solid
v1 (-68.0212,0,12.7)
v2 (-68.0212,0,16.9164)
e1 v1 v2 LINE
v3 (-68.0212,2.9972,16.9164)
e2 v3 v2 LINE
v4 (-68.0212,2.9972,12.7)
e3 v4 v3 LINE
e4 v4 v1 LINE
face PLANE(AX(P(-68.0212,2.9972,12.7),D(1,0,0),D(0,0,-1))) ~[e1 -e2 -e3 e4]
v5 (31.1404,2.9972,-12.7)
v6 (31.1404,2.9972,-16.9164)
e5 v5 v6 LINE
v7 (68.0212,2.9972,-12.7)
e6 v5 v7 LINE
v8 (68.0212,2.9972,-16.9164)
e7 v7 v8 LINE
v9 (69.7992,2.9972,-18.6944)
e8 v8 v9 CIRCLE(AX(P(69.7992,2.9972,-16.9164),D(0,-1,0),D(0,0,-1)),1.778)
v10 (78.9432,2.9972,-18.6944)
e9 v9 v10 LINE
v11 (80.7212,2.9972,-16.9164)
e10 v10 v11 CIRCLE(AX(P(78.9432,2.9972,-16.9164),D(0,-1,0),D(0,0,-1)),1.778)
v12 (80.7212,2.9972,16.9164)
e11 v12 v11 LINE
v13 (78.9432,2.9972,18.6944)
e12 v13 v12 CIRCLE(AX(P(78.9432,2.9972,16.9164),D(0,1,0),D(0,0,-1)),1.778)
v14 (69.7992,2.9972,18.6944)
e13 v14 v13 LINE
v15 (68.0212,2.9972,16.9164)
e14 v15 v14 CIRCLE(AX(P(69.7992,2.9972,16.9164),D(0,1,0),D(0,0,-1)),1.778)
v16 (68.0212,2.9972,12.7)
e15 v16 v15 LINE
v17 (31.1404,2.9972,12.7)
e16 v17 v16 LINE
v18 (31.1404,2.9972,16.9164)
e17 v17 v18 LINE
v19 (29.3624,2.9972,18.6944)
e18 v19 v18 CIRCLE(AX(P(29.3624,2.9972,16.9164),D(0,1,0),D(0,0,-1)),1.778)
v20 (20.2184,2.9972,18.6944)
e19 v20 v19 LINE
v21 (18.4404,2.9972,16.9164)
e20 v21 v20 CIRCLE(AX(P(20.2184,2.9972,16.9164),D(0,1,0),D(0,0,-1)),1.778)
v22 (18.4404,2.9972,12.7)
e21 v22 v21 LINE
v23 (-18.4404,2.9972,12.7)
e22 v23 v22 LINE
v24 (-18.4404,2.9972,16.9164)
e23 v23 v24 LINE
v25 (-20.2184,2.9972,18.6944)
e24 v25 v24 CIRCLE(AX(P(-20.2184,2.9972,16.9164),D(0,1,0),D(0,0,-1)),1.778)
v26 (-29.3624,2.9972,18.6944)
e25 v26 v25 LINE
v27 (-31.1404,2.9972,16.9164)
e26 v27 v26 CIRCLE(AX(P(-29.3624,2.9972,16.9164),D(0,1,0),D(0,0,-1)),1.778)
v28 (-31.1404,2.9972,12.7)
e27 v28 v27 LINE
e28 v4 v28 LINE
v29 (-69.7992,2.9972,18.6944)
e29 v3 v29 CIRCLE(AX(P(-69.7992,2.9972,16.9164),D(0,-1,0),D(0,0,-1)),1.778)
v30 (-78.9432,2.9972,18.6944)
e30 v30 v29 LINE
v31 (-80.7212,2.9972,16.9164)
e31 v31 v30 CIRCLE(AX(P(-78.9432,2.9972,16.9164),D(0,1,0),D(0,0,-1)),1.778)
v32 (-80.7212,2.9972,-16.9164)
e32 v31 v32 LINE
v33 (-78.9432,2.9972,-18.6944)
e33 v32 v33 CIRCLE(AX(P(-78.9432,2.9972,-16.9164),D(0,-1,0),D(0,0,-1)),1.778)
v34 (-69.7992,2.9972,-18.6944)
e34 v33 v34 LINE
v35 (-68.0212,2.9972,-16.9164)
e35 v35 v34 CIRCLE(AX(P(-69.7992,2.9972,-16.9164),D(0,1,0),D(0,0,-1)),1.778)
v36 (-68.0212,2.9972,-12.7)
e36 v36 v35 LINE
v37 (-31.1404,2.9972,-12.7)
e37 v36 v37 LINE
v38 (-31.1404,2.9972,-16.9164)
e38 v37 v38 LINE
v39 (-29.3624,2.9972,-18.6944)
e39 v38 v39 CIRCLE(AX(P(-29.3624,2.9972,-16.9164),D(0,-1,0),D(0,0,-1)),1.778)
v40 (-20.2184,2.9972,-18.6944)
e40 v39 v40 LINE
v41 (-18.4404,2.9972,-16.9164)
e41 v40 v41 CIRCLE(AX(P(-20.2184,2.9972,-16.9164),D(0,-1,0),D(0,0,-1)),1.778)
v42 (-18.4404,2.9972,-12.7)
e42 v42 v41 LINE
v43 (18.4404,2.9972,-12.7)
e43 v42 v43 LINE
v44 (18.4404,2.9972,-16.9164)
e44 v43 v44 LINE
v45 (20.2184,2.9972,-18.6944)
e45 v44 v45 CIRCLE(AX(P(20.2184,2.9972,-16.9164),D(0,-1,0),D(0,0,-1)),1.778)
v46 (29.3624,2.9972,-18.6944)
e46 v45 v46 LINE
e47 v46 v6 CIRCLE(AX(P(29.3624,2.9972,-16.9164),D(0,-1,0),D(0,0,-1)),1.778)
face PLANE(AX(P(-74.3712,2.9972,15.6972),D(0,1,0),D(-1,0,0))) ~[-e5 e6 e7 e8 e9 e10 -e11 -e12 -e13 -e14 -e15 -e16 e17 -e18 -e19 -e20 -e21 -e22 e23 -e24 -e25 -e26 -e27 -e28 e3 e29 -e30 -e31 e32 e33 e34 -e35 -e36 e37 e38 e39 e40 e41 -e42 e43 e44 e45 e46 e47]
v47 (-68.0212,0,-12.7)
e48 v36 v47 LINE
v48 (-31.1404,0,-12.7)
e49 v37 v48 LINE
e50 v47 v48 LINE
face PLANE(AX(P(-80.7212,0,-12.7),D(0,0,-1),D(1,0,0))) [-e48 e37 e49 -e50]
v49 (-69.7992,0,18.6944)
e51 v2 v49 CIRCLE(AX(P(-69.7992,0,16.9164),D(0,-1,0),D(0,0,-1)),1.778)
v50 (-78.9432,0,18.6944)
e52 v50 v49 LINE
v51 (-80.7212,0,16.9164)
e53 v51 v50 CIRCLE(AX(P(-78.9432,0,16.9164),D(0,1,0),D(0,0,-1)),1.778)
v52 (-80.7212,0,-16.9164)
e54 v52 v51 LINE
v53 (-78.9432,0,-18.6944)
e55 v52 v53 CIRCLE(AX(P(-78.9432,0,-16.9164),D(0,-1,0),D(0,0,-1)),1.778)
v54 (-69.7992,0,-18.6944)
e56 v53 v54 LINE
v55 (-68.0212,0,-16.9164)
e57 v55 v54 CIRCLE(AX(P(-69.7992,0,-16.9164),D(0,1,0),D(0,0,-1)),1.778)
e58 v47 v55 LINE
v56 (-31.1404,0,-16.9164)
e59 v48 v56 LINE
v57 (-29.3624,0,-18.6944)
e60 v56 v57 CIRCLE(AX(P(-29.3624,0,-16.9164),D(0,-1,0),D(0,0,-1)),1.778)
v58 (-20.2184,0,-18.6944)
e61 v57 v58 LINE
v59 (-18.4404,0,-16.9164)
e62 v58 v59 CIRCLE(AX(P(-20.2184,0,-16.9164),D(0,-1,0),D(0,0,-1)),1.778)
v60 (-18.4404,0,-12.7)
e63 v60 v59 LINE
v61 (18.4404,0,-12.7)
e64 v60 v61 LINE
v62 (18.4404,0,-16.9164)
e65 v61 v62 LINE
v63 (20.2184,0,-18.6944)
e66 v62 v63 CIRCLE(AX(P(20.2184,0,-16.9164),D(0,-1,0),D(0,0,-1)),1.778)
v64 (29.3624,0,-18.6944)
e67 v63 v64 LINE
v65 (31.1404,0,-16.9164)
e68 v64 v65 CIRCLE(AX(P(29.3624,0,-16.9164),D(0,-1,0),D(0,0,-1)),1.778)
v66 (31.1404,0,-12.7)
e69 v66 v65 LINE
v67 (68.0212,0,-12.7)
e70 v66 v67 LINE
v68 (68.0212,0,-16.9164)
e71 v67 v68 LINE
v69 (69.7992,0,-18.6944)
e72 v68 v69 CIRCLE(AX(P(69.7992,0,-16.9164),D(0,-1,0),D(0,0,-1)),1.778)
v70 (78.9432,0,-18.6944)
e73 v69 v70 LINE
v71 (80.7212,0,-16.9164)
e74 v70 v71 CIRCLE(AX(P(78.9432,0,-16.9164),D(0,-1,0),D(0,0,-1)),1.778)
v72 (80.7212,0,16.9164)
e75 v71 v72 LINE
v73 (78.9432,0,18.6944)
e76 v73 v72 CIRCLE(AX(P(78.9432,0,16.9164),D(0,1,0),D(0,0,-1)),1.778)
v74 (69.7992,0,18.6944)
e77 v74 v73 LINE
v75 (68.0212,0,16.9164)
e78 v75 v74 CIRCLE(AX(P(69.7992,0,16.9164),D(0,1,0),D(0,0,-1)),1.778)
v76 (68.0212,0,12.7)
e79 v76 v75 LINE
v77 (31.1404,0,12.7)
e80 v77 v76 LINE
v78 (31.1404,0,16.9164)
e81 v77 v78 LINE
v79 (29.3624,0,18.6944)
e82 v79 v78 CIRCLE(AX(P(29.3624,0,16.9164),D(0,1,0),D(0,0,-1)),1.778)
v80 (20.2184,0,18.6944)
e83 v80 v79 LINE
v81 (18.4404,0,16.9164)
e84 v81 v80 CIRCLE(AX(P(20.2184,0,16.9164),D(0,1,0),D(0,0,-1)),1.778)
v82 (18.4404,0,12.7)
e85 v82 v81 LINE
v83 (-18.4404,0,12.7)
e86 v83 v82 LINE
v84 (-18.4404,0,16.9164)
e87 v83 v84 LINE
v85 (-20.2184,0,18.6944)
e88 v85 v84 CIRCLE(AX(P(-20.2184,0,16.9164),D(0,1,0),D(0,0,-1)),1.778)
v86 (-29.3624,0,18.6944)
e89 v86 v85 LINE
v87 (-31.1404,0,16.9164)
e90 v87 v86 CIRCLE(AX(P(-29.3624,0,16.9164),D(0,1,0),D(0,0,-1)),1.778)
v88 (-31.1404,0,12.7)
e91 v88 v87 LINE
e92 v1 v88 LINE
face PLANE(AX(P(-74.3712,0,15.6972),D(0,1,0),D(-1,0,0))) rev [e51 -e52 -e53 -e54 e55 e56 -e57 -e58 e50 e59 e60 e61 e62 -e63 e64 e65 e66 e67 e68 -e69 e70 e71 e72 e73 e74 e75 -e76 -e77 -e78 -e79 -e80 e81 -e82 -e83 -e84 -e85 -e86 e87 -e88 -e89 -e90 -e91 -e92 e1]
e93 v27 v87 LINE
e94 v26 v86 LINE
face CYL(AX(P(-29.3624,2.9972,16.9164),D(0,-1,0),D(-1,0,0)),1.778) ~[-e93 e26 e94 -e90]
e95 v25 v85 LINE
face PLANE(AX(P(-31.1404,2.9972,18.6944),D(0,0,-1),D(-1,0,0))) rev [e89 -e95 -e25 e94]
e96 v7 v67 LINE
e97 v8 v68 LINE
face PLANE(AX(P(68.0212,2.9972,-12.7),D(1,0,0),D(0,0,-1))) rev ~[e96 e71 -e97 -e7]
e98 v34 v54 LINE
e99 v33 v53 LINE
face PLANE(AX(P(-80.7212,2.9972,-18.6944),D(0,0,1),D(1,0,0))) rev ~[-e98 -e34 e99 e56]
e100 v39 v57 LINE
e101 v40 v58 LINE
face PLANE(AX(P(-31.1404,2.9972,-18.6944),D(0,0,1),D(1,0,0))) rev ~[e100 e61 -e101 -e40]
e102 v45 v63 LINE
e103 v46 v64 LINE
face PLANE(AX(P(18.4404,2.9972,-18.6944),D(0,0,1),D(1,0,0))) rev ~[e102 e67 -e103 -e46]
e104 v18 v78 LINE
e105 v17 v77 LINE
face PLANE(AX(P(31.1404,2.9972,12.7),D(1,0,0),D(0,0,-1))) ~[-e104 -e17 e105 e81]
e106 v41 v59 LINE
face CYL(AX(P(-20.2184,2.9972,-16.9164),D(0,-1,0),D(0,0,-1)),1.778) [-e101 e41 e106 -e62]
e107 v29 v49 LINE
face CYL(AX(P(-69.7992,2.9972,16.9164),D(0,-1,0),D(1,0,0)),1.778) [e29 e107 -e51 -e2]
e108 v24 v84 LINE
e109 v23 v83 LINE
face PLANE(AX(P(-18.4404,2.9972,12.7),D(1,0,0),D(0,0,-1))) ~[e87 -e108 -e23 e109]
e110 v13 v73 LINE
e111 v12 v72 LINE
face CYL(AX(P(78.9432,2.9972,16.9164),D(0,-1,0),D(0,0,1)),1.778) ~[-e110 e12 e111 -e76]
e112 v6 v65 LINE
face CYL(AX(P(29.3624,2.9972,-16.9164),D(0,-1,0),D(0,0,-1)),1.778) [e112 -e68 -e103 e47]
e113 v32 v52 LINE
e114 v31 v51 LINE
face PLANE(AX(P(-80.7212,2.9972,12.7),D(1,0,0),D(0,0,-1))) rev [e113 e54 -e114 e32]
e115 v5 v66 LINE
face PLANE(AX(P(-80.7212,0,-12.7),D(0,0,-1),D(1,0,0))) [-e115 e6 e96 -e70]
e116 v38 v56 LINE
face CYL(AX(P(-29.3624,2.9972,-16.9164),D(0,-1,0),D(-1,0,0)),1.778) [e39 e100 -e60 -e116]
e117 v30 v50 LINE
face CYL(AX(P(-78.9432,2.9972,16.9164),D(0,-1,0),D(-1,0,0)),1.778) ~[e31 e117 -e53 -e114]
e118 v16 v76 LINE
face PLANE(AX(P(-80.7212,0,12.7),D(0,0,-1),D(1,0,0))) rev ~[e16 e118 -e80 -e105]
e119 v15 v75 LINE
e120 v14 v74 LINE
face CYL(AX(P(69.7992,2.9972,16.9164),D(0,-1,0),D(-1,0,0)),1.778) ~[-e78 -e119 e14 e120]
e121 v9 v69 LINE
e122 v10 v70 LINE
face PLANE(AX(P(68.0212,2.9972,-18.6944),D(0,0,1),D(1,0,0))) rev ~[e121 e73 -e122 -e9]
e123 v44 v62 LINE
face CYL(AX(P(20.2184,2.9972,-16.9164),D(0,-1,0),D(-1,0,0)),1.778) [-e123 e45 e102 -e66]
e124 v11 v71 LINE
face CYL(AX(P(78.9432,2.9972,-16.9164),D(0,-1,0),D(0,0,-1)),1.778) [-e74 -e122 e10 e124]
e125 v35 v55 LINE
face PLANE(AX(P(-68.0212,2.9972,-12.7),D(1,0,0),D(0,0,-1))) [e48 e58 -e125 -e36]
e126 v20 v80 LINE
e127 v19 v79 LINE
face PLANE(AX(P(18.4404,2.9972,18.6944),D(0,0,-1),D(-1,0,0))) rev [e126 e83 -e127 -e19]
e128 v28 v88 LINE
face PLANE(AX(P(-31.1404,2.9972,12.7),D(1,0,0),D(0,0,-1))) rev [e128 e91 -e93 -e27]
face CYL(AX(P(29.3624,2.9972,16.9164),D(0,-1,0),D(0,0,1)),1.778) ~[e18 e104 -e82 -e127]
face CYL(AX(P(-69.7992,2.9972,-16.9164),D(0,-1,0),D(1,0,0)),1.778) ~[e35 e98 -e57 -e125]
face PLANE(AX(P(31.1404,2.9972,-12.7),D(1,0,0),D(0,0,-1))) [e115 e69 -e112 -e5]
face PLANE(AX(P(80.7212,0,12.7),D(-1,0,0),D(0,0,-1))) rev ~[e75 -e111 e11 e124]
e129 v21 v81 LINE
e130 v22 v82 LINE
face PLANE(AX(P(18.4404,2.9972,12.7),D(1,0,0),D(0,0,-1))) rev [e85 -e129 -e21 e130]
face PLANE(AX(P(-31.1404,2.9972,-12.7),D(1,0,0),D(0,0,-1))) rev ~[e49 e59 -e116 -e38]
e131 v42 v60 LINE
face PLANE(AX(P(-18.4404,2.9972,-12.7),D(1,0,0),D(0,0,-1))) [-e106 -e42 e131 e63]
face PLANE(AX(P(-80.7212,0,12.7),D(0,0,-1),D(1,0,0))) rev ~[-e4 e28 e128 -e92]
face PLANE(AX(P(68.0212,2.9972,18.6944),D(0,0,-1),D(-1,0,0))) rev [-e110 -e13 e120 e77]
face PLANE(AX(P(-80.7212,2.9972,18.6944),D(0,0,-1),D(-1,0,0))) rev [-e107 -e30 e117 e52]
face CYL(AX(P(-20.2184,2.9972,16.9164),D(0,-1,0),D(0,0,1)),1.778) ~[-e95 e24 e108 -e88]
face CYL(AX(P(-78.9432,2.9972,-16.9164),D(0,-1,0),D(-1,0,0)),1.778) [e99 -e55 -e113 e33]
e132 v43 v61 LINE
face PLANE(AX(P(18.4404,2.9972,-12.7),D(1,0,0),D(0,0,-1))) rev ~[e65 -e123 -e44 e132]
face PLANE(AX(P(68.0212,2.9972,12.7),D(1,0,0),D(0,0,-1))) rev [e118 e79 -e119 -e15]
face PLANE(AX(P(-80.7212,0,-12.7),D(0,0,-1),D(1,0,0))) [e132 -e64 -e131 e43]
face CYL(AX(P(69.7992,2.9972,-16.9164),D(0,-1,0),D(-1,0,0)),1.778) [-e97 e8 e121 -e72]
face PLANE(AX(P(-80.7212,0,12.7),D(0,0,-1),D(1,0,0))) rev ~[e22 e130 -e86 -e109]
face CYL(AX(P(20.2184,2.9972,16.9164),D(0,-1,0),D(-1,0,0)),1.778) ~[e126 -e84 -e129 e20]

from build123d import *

# Parameters (mm, degrees)
SKETCH1_W            = 161.4424
SKETCH1_H            = 25.4
BOSS_EXTRUDE1_DEPTH  = 2.9972
SKETCH2_W            = 12.7
SKETCH2_H            = 5.9944
BOSS_EXTRUDE2_DEPTH  = 2.9972
FILLET1_R            = 1.778
FILLET1_OF_MIRROR1_R = 1.778


with BuildPart() as part:
    # Sketch1 → Boss-Extrude1 (new body)
    with BuildSketch(Plane(origin=(0, 0, 0), x_dir=(1, 0, 0), z_dir=(0, 1, 0))):
        Rectangle(SKETCH1_W, SKETCH1_H)
    extrude(amount=BOSS_EXTRUDE1_DEPTH)

    # Sketch2 → Boss-Extrude2 (add)
    with BuildSketch(Plane(origin=(0, 2.9972, 0), x_dir=(1, 0, 0), z_dir=(0, 1, 0))):
        with Locations((-74.3712, 15.6972)):
            Rectangle(SKETCH2_W, SKETCH2_H)
        with Locations((-24.7904, 15.6972)):
            Rectangle(SKETCH2_W, SKETCH2_H)
        with Locations((24.7904, 15.6972)):
            Rectangle(SKETCH2_W, SKETCH2_H)
        with Locations((74.3712, 15.6972)):
            Rectangle(SKETCH2_W, SKETCH2_H)
    boss_extrude2 = extrude(amount=-BOSS_EXTRUDE2_DEPTH)

    # Fillet1
    fillet1_edges = [part.edges().sort_by_distance(p)[0] for p in [
        (-68.0212, 1.4986, -18.6944),
        (-80.7212, 1.4986, -18.6944),
        (-18.4404, 1.4986, -18.6944),
        (-31.1404, 1.4986, -18.6944),
        (31.1404, 1.4986, -18.6944),
        (18.4404, 1.4986, -18.6944),
        (68.0212, 1.4986, -18.6944),
        (80.7212, 1.4986, -18.6944),
    ]]
    fillet(fillet1_edges, radius=FILLET1_R)

    # Mirror1: Boss-Extrude2 across plane
    add(boss_extrude2.mirror(Plane.XY))

    # Fillet1 of Mirror1
    fillet1_of_mirror1_edges = [part.edges().sort_by_distance(p)[0] for p in [
        (-68.0212, 1.4986, 18.6944),
        (-80.7212, 1.4986, 18.6944),
        (-18.4404, 1.4986, 18.6944),
        (-31.1404, 1.4986, 18.6944),
        (31.1404, 1.4986, 18.6944),
        (18.4404, 1.4986, 18.6944),
        (68.0212, 1.4986, 18.6944),
        (80.7212, 1.4986, 18.6944),
    ]]
    fillet(fillet1_of_mirror1_edges, radius=FILLET1_OF_MIRROR1_R)


solid = part.part
